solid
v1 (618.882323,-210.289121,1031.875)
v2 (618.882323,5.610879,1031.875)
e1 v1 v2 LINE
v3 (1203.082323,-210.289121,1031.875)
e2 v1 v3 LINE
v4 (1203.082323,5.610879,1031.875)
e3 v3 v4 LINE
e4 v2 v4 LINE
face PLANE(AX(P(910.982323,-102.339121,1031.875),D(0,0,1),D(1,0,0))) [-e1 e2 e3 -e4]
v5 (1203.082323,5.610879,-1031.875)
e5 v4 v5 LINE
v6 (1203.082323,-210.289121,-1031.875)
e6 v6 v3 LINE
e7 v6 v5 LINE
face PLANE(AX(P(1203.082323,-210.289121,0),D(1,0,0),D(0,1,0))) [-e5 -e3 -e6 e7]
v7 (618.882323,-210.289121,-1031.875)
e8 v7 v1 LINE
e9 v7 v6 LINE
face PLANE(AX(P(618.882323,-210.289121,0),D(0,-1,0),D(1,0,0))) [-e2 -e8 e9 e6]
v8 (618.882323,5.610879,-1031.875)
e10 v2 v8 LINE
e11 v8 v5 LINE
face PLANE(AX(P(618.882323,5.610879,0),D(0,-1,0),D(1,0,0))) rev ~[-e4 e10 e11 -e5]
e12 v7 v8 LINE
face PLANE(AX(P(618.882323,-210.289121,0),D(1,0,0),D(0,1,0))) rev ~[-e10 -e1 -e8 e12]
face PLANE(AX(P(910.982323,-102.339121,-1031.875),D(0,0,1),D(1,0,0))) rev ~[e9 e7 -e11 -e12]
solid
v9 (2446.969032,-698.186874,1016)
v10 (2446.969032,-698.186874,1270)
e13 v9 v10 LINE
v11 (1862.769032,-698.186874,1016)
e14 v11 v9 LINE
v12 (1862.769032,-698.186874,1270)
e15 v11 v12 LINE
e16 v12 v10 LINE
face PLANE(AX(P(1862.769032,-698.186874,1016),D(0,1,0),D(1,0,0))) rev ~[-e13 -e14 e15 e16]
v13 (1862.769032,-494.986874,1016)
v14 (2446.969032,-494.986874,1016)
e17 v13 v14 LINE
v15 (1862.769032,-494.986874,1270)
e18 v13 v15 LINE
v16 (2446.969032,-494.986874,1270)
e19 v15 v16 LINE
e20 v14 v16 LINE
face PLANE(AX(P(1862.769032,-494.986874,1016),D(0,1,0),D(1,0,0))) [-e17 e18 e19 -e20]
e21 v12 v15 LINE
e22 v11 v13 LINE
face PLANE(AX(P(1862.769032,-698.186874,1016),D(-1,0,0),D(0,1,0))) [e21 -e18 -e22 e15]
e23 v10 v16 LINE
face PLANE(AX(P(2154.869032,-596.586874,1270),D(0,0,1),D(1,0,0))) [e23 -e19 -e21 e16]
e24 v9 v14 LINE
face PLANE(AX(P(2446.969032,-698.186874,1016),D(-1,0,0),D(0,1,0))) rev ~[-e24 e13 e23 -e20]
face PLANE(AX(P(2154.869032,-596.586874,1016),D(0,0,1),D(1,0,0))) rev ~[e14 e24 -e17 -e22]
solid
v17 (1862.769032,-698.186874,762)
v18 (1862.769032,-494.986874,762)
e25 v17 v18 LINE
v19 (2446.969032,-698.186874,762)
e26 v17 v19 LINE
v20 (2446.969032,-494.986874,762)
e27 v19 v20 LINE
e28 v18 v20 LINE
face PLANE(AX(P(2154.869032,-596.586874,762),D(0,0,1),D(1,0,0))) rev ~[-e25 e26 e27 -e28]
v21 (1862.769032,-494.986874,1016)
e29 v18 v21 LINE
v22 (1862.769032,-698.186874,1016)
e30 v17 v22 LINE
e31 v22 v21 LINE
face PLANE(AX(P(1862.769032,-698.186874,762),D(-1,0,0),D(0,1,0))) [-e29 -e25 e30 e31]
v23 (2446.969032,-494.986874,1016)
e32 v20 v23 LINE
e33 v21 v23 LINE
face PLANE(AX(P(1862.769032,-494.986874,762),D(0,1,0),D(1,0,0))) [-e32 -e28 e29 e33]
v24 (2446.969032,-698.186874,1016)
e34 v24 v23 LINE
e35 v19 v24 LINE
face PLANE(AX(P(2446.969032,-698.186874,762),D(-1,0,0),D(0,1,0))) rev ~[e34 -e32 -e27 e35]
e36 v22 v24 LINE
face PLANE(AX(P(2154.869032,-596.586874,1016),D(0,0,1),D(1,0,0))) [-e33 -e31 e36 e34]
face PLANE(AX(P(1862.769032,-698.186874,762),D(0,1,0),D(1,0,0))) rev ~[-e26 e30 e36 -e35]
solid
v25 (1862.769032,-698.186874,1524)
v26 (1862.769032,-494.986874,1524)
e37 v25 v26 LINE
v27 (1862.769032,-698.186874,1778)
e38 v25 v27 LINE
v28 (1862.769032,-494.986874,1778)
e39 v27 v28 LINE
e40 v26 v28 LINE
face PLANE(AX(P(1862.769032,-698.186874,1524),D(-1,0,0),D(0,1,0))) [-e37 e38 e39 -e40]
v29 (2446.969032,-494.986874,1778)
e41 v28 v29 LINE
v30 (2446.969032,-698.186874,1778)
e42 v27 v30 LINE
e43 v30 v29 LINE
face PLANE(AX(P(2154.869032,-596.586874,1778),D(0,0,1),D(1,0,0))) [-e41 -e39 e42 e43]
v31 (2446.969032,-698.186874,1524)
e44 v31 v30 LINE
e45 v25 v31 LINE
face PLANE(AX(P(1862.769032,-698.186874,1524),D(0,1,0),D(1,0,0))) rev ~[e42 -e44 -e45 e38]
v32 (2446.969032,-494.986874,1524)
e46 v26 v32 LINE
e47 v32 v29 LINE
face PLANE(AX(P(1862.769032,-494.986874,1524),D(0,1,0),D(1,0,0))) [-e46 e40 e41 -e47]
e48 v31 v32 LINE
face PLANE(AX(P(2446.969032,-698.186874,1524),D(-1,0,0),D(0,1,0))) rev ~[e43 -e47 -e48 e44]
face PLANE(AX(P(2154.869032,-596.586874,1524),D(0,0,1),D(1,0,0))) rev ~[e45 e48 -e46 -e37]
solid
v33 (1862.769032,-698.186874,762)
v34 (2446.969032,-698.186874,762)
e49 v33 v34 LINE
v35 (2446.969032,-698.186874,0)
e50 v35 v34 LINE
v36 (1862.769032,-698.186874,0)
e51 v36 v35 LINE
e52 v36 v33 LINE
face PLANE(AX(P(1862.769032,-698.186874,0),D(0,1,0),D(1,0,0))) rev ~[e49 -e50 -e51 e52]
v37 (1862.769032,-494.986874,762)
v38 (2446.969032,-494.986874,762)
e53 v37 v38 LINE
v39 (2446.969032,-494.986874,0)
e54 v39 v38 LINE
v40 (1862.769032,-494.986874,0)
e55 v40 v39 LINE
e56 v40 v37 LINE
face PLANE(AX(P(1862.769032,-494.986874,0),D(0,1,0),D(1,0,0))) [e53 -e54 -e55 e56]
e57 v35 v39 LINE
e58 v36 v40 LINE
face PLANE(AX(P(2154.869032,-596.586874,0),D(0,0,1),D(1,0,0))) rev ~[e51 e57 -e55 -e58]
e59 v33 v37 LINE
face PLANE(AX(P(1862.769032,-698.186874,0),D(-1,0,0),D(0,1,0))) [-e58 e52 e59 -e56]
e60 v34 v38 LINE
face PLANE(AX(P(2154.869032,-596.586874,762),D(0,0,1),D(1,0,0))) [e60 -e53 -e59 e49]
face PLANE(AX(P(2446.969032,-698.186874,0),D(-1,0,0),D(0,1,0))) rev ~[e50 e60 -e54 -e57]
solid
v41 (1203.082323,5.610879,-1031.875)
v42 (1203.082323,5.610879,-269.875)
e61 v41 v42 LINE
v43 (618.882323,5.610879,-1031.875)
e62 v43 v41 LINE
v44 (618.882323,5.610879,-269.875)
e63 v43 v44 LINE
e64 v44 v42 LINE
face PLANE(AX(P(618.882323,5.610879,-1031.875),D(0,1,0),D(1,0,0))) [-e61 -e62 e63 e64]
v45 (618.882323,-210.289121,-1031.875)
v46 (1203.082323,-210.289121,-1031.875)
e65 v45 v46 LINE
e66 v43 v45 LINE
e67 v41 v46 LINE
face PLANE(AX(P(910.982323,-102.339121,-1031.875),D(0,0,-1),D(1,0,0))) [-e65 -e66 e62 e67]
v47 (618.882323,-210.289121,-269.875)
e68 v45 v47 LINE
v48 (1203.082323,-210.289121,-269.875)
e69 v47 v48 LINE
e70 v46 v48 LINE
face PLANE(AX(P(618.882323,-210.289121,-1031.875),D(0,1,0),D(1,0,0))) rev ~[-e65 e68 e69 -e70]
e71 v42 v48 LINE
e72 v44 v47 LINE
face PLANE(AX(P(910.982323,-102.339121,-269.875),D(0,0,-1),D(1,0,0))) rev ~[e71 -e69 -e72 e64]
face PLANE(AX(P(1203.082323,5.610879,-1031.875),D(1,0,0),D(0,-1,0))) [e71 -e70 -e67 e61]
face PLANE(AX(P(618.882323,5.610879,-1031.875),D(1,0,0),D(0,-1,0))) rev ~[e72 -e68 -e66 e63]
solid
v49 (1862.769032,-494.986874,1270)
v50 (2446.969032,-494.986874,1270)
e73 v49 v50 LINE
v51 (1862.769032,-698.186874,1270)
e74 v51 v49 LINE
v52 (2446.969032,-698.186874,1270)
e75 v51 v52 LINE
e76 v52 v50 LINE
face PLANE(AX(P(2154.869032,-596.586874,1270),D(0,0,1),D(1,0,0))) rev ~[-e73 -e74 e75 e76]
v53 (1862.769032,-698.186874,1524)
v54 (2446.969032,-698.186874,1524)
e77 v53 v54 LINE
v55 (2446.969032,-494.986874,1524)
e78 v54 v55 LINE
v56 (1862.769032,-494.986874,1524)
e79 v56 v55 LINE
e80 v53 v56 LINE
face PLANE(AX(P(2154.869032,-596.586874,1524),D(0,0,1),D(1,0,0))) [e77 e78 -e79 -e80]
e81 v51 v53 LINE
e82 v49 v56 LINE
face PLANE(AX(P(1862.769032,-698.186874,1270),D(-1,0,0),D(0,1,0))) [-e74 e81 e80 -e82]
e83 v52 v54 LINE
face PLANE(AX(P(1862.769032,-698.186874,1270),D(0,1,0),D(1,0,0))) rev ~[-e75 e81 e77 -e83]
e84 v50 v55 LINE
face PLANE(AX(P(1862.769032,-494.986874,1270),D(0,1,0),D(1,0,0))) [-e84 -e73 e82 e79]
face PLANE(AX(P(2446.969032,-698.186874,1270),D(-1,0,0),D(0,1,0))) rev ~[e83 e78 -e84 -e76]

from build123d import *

# Parameters (mm, degrees)
F1_W      = 584.2
F1_H      = 215.9
F2_DEPTH  = 1031.875
F3_W      = 584.2
F3_H      = 215.9
F4_DEPTH  = 762
F5_W      = 584.2
F5_H      = 203.2
F6_DEPTH  = 762
F7_DEPTH  = 254
F8_DEPTH  = 254
F9_DEPTH  = 254
F10_DEPTH = 254


with BuildPart() as f2:
    # F1 (on Top) → F2 (new body, symmetric)
    with BuildSketch(Plane.XY):
        with Locations((910.9823230743, -102.3391206741)):
            Rectangle(F1_W, F1_H)
    extrude(amount=F2_DEPTH, both=True)


with BuildPart() as f4:
    # F3 (on face) → F4 (new body)
    with BuildSketch(Plane(origin=(0, 0, -1031.875), x_dir=(1, 0, 0), z_dir=(0, 0, -1))):
        with Locations((910.9823230743, 102.3391206741)):
            Rectangle(F3_W, F3_H)
    extrude(amount=-F4_DEPTH)


with BuildPart() as f6:
    # F5 (on face) → F6 (new body)
    with BuildSketch(Plane.XY):
        with Locations((2154.8690322876, -596.5868743896)):
            Rectangle(F5_W, F5_H)
    extrude(amount=F6_DEPTH)


with BuildPart() as f7:
    # F7 (new): a face of the model
    f7_faces = [f6.part.faces().sort_by_distance(p)[0] for p in [
        (2154.8690322876, -596.5868743896, 762),
    ]]
    extrude(f7_faces, amount=F7_DEPTH)


with BuildPart() as f8:
    # F8 (new): a face of the model
    f8_faces = [f7.part.faces().sort_by_distance(p)[0] for p in [
        (2154.8690322876, -596.5868743896, 1016),
    ]]
    extrude(f8_faces, amount=F8_DEPTH)


with BuildPart() as f9:
    # F9 (new): a face of the model
    f9_faces = [f8.part.faces().sort_by_distance(p)[0] for p in [
        (2154.8690322876, -596.5868743896, 1270),
    ]]
    extrude(f9_faces, amount=F9_DEPTH)


with BuildPart() as f10:
    # F10 (new): a face of the model
    f10_faces = [f9.part.faces().sort_by_distance(p)[0] for p in [
        (2154.8690322876, -596.5868743896, 1524),
    ]]
    extrude(f10_faces, amount=F10_DEPTH)


solid = Compound([f2.part, f4.part, f6.part, f7.part, f8.part, f9.part, f10.part])
